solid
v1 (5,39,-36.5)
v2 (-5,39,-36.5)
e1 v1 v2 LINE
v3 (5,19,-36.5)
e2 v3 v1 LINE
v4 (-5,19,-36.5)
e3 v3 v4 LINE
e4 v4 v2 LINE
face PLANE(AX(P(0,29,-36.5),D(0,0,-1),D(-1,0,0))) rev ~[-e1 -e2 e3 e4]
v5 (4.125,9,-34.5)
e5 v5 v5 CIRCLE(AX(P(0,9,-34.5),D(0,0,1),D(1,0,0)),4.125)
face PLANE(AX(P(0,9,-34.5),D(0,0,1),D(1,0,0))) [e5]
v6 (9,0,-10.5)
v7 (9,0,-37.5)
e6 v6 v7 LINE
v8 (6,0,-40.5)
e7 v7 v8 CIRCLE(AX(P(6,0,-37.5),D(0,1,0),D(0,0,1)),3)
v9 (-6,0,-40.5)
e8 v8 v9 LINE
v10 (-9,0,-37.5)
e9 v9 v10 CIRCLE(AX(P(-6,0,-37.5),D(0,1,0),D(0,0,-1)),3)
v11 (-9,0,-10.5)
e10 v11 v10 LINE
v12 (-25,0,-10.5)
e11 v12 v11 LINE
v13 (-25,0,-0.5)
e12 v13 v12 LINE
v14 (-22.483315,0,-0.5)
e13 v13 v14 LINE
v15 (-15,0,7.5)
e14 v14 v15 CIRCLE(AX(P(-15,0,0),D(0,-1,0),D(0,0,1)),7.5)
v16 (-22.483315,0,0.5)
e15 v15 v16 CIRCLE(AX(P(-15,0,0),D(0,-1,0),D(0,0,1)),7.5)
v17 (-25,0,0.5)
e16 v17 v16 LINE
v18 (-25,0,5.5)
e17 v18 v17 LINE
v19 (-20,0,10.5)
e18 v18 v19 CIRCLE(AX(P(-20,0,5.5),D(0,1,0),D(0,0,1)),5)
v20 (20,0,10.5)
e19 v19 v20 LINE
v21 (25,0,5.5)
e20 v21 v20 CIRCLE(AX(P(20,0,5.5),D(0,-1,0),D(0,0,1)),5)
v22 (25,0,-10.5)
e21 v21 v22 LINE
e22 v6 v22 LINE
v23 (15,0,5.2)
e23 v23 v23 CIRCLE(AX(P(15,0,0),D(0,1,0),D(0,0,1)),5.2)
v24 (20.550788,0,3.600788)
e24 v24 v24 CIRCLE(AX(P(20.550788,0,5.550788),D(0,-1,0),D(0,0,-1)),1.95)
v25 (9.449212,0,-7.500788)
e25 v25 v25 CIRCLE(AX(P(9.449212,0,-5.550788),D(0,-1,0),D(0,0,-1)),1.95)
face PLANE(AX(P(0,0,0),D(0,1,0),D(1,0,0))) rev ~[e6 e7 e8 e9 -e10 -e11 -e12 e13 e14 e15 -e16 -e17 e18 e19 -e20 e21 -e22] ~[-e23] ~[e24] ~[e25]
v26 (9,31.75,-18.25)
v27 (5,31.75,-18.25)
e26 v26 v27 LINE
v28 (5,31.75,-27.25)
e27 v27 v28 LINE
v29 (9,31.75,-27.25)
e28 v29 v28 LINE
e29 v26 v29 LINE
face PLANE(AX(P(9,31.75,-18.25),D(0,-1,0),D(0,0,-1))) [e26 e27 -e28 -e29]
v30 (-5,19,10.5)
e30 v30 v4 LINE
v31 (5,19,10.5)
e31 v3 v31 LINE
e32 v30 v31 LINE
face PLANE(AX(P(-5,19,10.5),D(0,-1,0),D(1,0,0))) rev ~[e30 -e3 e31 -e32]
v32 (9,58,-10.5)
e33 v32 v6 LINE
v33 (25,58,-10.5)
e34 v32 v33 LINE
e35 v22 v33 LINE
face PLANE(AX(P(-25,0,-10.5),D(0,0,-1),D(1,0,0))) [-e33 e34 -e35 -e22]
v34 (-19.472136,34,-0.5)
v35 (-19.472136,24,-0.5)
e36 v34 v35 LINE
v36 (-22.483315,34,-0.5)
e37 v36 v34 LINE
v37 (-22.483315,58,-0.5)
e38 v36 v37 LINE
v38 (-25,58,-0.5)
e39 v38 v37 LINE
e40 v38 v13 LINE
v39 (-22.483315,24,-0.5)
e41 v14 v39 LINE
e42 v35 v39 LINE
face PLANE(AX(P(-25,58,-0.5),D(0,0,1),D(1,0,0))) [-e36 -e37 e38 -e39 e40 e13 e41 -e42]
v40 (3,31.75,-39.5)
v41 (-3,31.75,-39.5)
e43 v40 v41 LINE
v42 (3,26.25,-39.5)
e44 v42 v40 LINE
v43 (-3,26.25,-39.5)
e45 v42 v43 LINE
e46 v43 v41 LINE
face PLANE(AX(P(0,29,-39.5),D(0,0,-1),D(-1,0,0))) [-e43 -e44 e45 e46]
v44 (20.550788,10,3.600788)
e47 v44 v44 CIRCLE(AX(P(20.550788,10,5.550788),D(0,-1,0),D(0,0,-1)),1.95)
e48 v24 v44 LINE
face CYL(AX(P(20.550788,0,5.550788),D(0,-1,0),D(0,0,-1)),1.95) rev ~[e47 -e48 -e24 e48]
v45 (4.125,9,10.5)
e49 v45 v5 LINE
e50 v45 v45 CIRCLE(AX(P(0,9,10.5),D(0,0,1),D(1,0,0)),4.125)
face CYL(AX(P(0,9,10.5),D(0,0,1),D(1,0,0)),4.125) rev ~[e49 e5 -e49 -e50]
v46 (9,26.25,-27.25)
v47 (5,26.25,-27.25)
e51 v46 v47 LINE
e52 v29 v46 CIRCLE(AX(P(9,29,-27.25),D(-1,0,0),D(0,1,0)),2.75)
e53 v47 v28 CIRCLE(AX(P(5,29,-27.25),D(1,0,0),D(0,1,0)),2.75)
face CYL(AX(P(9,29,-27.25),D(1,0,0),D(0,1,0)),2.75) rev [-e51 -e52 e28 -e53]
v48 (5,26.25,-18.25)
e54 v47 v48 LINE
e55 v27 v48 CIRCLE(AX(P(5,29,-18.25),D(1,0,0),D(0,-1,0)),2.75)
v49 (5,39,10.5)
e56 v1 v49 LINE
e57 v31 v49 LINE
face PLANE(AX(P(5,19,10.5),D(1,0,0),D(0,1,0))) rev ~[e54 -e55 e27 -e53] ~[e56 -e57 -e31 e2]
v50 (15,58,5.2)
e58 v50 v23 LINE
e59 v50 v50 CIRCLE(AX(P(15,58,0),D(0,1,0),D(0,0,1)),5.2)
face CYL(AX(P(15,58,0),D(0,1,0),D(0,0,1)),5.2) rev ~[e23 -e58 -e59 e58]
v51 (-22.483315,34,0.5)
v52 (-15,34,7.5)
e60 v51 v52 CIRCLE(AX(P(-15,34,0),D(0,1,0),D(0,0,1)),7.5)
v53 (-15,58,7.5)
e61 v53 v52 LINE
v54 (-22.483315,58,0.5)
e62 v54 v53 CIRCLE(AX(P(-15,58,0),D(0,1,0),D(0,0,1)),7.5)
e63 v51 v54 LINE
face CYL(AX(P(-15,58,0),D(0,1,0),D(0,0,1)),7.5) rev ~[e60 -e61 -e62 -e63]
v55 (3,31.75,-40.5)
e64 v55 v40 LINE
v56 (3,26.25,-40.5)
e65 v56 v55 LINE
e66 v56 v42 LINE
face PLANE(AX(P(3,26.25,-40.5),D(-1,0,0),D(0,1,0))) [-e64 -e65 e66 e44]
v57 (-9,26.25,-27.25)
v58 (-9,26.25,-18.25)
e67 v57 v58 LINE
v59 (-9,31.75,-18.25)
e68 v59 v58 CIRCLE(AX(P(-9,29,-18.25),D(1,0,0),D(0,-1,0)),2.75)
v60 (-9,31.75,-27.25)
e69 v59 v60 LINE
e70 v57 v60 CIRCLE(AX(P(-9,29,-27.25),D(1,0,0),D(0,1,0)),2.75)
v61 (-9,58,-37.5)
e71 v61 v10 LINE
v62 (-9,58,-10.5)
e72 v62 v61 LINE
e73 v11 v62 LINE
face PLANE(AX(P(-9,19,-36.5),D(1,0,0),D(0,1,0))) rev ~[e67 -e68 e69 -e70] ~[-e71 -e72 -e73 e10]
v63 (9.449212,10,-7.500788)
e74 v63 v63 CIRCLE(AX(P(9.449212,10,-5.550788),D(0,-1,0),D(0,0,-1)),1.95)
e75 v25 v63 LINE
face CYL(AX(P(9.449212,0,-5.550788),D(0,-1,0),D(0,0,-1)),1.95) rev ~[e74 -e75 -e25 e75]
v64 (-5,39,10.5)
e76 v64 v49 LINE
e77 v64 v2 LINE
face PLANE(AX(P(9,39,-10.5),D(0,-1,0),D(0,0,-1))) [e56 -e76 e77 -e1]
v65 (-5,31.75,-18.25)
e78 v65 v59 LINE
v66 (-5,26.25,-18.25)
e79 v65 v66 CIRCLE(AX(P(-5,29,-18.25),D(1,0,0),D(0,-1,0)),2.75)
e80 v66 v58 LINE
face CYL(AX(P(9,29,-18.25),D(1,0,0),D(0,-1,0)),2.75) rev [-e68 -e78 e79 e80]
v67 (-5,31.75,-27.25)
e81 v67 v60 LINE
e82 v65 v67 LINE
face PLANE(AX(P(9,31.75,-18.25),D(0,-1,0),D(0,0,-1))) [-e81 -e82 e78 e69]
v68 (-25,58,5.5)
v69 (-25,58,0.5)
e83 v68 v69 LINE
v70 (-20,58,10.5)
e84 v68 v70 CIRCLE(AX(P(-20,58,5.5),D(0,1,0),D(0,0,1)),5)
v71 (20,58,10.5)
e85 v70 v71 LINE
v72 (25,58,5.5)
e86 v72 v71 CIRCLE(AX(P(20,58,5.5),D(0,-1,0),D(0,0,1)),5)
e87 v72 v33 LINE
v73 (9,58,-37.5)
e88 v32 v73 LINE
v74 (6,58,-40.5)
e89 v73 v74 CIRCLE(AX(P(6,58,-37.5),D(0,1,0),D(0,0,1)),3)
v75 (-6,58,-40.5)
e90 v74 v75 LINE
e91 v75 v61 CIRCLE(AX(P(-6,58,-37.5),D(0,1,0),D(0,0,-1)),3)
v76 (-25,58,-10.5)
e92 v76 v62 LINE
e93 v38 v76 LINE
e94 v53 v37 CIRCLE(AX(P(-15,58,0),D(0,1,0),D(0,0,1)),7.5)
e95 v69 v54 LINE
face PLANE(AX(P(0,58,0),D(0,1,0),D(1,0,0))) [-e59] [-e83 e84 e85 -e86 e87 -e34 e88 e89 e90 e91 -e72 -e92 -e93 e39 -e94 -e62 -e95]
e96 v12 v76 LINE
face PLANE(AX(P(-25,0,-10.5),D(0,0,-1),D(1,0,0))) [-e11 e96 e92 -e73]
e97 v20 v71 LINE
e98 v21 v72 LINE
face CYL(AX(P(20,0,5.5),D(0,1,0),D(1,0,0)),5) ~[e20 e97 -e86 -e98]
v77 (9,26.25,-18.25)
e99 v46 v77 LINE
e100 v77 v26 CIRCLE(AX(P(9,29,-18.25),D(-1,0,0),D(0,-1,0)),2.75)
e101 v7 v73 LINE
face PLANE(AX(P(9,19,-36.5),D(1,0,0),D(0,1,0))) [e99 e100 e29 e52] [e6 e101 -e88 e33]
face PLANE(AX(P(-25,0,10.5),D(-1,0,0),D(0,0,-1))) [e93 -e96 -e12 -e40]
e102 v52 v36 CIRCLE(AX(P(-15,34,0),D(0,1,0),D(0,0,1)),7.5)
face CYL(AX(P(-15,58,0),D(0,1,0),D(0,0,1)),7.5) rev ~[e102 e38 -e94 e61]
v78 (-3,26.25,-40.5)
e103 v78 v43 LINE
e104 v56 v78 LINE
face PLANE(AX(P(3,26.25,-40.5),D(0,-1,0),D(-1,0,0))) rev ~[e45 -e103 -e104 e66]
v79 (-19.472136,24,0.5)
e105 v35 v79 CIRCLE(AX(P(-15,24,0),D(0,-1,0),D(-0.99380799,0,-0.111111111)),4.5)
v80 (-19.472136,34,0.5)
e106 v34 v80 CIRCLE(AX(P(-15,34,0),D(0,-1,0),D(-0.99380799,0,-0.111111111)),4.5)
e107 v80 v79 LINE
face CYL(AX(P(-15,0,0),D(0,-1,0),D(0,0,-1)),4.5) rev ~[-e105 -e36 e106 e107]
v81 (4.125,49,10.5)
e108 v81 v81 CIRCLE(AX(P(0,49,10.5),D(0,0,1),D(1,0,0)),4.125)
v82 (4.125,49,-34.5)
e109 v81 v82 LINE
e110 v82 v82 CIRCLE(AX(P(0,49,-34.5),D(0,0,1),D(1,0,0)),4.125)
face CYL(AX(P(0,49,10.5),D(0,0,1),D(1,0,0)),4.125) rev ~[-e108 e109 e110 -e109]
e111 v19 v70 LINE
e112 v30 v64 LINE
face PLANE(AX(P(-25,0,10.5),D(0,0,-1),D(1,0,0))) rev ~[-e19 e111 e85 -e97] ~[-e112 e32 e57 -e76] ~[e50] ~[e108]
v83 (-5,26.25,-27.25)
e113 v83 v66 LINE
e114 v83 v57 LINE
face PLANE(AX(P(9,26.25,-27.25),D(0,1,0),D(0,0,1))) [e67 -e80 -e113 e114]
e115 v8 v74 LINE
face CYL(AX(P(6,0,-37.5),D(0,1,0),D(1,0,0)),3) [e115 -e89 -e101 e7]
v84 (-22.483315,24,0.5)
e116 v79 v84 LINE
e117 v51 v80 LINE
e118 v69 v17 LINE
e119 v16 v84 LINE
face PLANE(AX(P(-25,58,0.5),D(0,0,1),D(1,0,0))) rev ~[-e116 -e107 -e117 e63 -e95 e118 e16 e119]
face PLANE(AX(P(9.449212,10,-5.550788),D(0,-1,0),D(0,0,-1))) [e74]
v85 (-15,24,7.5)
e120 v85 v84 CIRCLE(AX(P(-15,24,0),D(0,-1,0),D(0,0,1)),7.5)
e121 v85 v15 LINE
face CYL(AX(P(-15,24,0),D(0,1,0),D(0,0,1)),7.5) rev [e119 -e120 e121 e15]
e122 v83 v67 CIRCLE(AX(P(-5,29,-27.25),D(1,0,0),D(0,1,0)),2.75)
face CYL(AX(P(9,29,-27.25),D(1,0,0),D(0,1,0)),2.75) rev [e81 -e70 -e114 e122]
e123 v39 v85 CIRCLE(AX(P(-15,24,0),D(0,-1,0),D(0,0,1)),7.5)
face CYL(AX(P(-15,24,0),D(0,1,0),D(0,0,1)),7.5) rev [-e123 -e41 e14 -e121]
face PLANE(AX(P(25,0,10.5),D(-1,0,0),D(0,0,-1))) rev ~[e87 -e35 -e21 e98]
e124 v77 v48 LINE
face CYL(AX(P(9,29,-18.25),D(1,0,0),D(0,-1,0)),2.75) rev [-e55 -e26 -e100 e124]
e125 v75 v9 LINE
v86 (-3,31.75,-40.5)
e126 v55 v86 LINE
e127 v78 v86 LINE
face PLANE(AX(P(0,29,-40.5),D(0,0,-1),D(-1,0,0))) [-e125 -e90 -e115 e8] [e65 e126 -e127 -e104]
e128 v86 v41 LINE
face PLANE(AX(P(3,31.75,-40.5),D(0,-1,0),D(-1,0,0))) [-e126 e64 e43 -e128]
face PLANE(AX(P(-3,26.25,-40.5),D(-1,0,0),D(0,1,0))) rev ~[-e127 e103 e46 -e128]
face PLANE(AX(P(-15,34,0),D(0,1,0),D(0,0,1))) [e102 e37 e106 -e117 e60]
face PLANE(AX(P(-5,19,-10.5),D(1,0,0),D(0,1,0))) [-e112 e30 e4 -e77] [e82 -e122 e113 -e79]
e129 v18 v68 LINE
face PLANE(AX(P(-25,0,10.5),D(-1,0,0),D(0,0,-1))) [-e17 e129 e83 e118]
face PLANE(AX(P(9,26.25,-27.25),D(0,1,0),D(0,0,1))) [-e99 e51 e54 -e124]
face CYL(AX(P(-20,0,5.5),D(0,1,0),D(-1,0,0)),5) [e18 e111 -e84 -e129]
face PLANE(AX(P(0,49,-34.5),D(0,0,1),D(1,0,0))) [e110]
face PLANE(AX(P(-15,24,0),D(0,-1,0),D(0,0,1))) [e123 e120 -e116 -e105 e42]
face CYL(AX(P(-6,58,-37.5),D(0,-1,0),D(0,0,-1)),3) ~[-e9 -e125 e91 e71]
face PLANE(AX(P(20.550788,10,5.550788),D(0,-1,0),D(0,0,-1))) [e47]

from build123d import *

# Parameters (mm, degrees)
SKETCH1_W           = 50
SKETCH1_H           = 21
BOSS_EXTRUDE1_DEPTH = 58
SKETCH3_R           = 7.5
CUT_EXTRUDE1_DEPTH  = 24
CUT_EXTRUDE2_REACH  = 66.025
SKETCH4_R           = 5.2
CUT_EXTRUDE3_START  = -24
SKETCH5_R           = 7.5
CUT_EXTRUDE3_DEPTH  = 24
CUT_EXTRUDE4_REACH  = 66.025
SKETCH6_R           = 4.5
CUT_EXTRUDE5_REACH  = 68.558
SKETCH8_W           = 10
SKETCH8_H           = 20
SKETCH11_W          = 4
SKETCH11_H          = 20
BOSS_EXTRUDE2_DEPTH = 26
SKETCH12_W          = 18
SKETCH12_H          = 20
BOSS_EXTRUDE3_DEPTH = 4
CUT_EXTRUDE7_DEPTH  = 79.487260113
FILLET1_R           = 5
SKETCH14_R          = 1.95
CUT_EXTRUDE8_DEPTH  = 10
SKETCH15_W          = 5.527864045
SKETCH15_H          = 1
CUT_EXTRUDE9_DEPTH  = 76.028327984
SKETCH17_W          = 30
SKETCH17_H          = 19
BOSS_EXTRUDE5_DEPTH = 18
SKETCH7_R           = 4.125
CUT_EXTRUDE6_DEPTH  = 45
FILLET8_R           = 3
SKETCH18_W          = 6
SKETCH18_H          = 5.5
CUT_EXTRUDE10_DEPTH = 1


with BuildPart() as part:
    # Sketch1 → Boss-Extrude1 (new body)
    with BuildSketch(Plane(origin=(0, 0, 0), x_dir=(1, 0, 0), z_dir=(0, 1, 0))):
        Rectangle(SKETCH1_W, SKETCH1_H)
    extrude(amount=BOSS_EXTRUDE1_DEPTH)

    # Sketch3 → Cut-Extrude1 (cut)
    with BuildSketch(Plane(origin=(0, 58, 0), x_dir=(1, 0, 0), z_dir=(0, 1, 0))):
        with Locations(Location((-15, 0, 0), (0, 0, 270))):
            Circle(SKETCH3_R)
    extrude(amount=-CUT_EXTRUDE1_DEPTH, mode=Mode.SUBTRACT)

    # Sketch4 → Cut-Extrude2 (cut, up to next)
    with BuildSketch(Plane(origin=(0, 58, 0), x_dir=(1, 0, 0), z_dir=(0, 1, 0)), mode=Mode.PRIVATE) as cut_extrude2_sk1:
        with Locations(Location((15, 0, 0), (0, 0, 270))):
            Circle(SKETCH4_R)
    cut_extrude2_tool1 = extrude(cut_extrude2_sk1.sketch, amount=-CUT_EXTRUDE2_REACH, mode=Mode.PRIVATE) & part.part
    add(cut_extrude2_tool1.solids().sort_by_distance((15, 58, 0))[0], mode=Mode.SUBTRACT)

    # Sketch5 → Cut-Extrude3 (cut)
    with BuildSketch(Plane.XZ.offset(CUT_EXTRUDE3_START)):
        with Locations(Location((-15, 0, 0), (0, 0, 90))):
            Circle(SKETCH5_R)
    extrude(amount=CUT_EXTRUDE3_DEPTH, mode=Mode.SUBTRACT)

    # Sketch6 → Cut-Extrude4 (cut, up to next)
    with BuildSketch(Plane.XZ, mode=Mode.PRIVATE) as cut_extrude4_sk1:
        with Locations(Location((-15, 0, 0), (0, 0, 270))):
            Circle(SKETCH6_R)
    cut_extrude4_tool1 = extrude(cut_extrude4_sk1.sketch, amount=-CUT_EXTRUDE4_REACH, mode=Mode.PRIVATE) & part.part
    add(cut_extrude4_tool1.solids().sort_by_distance((-15, 0, 0))[0], mode=Mode.SUBTRACT)

    # Sketch8 → Cut-Extrude5 (cut, up to next)
    with BuildSketch(Plane.XY.offset(10.5), mode=Mode.PRIVATE) as cut_extrude5_sk1:
        with Locations((0, 29)):
            Rectangle(SKETCH8_W, SKETCH8_H)
    cut_extrude5_tool1 = extrude(cut_extrude5_sk1.sketch, amount=-CUT_EXTRUDE5_REACH, mode=Mode.PRIVATE) & part.part
    add(cut_extrude5_tool1.solids().sort_by_distance((0, 29, 10.5))[0], mode=Mode.SUBTRACT)

    # Sketch11 → Boss-Extrude2 (add)
    with BuildSketch(Plane(origin=(0, 0, -10.5), x_dir=(-1, 0, 0), z_dir=(0, 0, -1))):
        with Locations((7, 29)):
            Rectangle(SKETCH11_W, SKETCH11_H)
        with Locations((-7, 29)):
            Rectangle(SKETCH11_W, SKETCH11_H)
    extrude(amount=BOSS_EXTRUDE2_DEPTH)

    # Sketch12 → Boss-Extrude3 (add)
    with BuildSketch(Plane(origin=(0, 0, -36.5), x_dir=(-1, 0, 0), z_dir=(0, 0, -1))):
        with Locations((0, 29)):
            Rectangle(SKETCH12_W, SKETCH12_H)
    extrude(amount=BOSS_EXTRUDE3_DEPTH)

    # Sketch13 → Cut-Extrude7 (cut, through all)
    with BuildSketch(Plane(origin=(9, 0, 0), x_dir=(0, 0, -1), z_dir=(1, 0, 0))):
        with BuildLine():
            Line((18.25, 31.75), (27.25, 31.75))
            ThreePointArc((27.25, 31.75), (30, 29), (27.25, 26.25))
            Line((27.25, 26.25), (18.25, 26.25))
            ThreePointArc((18.25, 26.25), (15.5, 29), (18.25, 31.75))
        make_face()
    extrude(amount=-CUT_EXTRUDE7_DEPTH, mode=Mode.SUBTRACT)

    # Fillet1
    fillet1_edges = [part.edges().sort_by_distance(p)[0] for p in [
        (25, 29, 10.5),
        (-25, 29, 10.5),
    ]]
    fillet(fillet1_edges, radius=FILLET1_R)

    # Sketch14 → Cut-Extrude8 (cut)
    with BuildSketch(Plane.XZ):
        with Locations(Location((20.550788232, 5.550788232, 0), (0, 0, 270))):
            Circle(SKETCH14_R)
        with Locations(Location((9.449211768, -5.550788232, 0), (0, 0, 270))):
            Circle(SKETCH14_R)
    extrude(amount=-CUT_EXTRUDE8_DEPTH, mode=Mode.SUBTRACT)

    # Sketch15 → Cut-Extrude9 (cut, through all)
    with BuildSketch(Plane(origin=(0, 58, 0), x_dir=(1, 0, 0), z_dir=(0, 1, 0))):
        with Locations((-22.236067977, 0)):
            Rectangle(SKETCH15_W, SKETCH15_H)
    extrude(amount=-CUT_EXTRUDE9_DEPTH, mode=Mode.SUBTRACT)

    # Sketch17 → Boss-Extrude5 (add)
    with BuildSketch(Plane(origin=(9, 0, 0), x_dir=(0, 0, -1), z_dir=(1, 0, 0))):
        with Locations((25.5, 48.5)):
            Rectangle(SKETCH17_W, SKETCH17_H)
        with Locations((25.5, 9.5)):
            Rectangle(SKETCH17_W, SKETCH17_H)
    extrude(amount=-BOSS_EXTRUDE5_DEPTH)

    # Sketch7 → Cut-Extrude6 (cut)
    with BuildSketch(Plane.XY.offset(10.5)):
        with Locations((0, 49)):
            Circle(SKETCH7_R)
        with Locations((0, 9)):
            Circle(SKETCH7_R)
    extrude(amount=-CUT_EXTRUDE6_DEPTH, mode=Mode.SUBTRACT)

    # Fillet8
    fillet8_edges = [part.edges().sort_by_distance(p)[0] for p in [
        (-9, 29, -40.5),
        (9, 29, -40.5),
    ]]
    fillet(fillet8_edges, radius=FILLET8_R)

    # Sketch18 → Cut-Extrude10 (cut)
    with BuildSketch(Plane(origin=(0, 0, -40.5), x_dir=(-1, 0, 0), z_dir=(0, 0, -1))):
        with Locations((0, 29)):
            Rectangle(SKETCH18_W, SKETCH18_H)
    extrude(amount=-CUT_EXTRUDE10_DEPTH, mode=Mode.SUBTRACT)


solid = part.part
